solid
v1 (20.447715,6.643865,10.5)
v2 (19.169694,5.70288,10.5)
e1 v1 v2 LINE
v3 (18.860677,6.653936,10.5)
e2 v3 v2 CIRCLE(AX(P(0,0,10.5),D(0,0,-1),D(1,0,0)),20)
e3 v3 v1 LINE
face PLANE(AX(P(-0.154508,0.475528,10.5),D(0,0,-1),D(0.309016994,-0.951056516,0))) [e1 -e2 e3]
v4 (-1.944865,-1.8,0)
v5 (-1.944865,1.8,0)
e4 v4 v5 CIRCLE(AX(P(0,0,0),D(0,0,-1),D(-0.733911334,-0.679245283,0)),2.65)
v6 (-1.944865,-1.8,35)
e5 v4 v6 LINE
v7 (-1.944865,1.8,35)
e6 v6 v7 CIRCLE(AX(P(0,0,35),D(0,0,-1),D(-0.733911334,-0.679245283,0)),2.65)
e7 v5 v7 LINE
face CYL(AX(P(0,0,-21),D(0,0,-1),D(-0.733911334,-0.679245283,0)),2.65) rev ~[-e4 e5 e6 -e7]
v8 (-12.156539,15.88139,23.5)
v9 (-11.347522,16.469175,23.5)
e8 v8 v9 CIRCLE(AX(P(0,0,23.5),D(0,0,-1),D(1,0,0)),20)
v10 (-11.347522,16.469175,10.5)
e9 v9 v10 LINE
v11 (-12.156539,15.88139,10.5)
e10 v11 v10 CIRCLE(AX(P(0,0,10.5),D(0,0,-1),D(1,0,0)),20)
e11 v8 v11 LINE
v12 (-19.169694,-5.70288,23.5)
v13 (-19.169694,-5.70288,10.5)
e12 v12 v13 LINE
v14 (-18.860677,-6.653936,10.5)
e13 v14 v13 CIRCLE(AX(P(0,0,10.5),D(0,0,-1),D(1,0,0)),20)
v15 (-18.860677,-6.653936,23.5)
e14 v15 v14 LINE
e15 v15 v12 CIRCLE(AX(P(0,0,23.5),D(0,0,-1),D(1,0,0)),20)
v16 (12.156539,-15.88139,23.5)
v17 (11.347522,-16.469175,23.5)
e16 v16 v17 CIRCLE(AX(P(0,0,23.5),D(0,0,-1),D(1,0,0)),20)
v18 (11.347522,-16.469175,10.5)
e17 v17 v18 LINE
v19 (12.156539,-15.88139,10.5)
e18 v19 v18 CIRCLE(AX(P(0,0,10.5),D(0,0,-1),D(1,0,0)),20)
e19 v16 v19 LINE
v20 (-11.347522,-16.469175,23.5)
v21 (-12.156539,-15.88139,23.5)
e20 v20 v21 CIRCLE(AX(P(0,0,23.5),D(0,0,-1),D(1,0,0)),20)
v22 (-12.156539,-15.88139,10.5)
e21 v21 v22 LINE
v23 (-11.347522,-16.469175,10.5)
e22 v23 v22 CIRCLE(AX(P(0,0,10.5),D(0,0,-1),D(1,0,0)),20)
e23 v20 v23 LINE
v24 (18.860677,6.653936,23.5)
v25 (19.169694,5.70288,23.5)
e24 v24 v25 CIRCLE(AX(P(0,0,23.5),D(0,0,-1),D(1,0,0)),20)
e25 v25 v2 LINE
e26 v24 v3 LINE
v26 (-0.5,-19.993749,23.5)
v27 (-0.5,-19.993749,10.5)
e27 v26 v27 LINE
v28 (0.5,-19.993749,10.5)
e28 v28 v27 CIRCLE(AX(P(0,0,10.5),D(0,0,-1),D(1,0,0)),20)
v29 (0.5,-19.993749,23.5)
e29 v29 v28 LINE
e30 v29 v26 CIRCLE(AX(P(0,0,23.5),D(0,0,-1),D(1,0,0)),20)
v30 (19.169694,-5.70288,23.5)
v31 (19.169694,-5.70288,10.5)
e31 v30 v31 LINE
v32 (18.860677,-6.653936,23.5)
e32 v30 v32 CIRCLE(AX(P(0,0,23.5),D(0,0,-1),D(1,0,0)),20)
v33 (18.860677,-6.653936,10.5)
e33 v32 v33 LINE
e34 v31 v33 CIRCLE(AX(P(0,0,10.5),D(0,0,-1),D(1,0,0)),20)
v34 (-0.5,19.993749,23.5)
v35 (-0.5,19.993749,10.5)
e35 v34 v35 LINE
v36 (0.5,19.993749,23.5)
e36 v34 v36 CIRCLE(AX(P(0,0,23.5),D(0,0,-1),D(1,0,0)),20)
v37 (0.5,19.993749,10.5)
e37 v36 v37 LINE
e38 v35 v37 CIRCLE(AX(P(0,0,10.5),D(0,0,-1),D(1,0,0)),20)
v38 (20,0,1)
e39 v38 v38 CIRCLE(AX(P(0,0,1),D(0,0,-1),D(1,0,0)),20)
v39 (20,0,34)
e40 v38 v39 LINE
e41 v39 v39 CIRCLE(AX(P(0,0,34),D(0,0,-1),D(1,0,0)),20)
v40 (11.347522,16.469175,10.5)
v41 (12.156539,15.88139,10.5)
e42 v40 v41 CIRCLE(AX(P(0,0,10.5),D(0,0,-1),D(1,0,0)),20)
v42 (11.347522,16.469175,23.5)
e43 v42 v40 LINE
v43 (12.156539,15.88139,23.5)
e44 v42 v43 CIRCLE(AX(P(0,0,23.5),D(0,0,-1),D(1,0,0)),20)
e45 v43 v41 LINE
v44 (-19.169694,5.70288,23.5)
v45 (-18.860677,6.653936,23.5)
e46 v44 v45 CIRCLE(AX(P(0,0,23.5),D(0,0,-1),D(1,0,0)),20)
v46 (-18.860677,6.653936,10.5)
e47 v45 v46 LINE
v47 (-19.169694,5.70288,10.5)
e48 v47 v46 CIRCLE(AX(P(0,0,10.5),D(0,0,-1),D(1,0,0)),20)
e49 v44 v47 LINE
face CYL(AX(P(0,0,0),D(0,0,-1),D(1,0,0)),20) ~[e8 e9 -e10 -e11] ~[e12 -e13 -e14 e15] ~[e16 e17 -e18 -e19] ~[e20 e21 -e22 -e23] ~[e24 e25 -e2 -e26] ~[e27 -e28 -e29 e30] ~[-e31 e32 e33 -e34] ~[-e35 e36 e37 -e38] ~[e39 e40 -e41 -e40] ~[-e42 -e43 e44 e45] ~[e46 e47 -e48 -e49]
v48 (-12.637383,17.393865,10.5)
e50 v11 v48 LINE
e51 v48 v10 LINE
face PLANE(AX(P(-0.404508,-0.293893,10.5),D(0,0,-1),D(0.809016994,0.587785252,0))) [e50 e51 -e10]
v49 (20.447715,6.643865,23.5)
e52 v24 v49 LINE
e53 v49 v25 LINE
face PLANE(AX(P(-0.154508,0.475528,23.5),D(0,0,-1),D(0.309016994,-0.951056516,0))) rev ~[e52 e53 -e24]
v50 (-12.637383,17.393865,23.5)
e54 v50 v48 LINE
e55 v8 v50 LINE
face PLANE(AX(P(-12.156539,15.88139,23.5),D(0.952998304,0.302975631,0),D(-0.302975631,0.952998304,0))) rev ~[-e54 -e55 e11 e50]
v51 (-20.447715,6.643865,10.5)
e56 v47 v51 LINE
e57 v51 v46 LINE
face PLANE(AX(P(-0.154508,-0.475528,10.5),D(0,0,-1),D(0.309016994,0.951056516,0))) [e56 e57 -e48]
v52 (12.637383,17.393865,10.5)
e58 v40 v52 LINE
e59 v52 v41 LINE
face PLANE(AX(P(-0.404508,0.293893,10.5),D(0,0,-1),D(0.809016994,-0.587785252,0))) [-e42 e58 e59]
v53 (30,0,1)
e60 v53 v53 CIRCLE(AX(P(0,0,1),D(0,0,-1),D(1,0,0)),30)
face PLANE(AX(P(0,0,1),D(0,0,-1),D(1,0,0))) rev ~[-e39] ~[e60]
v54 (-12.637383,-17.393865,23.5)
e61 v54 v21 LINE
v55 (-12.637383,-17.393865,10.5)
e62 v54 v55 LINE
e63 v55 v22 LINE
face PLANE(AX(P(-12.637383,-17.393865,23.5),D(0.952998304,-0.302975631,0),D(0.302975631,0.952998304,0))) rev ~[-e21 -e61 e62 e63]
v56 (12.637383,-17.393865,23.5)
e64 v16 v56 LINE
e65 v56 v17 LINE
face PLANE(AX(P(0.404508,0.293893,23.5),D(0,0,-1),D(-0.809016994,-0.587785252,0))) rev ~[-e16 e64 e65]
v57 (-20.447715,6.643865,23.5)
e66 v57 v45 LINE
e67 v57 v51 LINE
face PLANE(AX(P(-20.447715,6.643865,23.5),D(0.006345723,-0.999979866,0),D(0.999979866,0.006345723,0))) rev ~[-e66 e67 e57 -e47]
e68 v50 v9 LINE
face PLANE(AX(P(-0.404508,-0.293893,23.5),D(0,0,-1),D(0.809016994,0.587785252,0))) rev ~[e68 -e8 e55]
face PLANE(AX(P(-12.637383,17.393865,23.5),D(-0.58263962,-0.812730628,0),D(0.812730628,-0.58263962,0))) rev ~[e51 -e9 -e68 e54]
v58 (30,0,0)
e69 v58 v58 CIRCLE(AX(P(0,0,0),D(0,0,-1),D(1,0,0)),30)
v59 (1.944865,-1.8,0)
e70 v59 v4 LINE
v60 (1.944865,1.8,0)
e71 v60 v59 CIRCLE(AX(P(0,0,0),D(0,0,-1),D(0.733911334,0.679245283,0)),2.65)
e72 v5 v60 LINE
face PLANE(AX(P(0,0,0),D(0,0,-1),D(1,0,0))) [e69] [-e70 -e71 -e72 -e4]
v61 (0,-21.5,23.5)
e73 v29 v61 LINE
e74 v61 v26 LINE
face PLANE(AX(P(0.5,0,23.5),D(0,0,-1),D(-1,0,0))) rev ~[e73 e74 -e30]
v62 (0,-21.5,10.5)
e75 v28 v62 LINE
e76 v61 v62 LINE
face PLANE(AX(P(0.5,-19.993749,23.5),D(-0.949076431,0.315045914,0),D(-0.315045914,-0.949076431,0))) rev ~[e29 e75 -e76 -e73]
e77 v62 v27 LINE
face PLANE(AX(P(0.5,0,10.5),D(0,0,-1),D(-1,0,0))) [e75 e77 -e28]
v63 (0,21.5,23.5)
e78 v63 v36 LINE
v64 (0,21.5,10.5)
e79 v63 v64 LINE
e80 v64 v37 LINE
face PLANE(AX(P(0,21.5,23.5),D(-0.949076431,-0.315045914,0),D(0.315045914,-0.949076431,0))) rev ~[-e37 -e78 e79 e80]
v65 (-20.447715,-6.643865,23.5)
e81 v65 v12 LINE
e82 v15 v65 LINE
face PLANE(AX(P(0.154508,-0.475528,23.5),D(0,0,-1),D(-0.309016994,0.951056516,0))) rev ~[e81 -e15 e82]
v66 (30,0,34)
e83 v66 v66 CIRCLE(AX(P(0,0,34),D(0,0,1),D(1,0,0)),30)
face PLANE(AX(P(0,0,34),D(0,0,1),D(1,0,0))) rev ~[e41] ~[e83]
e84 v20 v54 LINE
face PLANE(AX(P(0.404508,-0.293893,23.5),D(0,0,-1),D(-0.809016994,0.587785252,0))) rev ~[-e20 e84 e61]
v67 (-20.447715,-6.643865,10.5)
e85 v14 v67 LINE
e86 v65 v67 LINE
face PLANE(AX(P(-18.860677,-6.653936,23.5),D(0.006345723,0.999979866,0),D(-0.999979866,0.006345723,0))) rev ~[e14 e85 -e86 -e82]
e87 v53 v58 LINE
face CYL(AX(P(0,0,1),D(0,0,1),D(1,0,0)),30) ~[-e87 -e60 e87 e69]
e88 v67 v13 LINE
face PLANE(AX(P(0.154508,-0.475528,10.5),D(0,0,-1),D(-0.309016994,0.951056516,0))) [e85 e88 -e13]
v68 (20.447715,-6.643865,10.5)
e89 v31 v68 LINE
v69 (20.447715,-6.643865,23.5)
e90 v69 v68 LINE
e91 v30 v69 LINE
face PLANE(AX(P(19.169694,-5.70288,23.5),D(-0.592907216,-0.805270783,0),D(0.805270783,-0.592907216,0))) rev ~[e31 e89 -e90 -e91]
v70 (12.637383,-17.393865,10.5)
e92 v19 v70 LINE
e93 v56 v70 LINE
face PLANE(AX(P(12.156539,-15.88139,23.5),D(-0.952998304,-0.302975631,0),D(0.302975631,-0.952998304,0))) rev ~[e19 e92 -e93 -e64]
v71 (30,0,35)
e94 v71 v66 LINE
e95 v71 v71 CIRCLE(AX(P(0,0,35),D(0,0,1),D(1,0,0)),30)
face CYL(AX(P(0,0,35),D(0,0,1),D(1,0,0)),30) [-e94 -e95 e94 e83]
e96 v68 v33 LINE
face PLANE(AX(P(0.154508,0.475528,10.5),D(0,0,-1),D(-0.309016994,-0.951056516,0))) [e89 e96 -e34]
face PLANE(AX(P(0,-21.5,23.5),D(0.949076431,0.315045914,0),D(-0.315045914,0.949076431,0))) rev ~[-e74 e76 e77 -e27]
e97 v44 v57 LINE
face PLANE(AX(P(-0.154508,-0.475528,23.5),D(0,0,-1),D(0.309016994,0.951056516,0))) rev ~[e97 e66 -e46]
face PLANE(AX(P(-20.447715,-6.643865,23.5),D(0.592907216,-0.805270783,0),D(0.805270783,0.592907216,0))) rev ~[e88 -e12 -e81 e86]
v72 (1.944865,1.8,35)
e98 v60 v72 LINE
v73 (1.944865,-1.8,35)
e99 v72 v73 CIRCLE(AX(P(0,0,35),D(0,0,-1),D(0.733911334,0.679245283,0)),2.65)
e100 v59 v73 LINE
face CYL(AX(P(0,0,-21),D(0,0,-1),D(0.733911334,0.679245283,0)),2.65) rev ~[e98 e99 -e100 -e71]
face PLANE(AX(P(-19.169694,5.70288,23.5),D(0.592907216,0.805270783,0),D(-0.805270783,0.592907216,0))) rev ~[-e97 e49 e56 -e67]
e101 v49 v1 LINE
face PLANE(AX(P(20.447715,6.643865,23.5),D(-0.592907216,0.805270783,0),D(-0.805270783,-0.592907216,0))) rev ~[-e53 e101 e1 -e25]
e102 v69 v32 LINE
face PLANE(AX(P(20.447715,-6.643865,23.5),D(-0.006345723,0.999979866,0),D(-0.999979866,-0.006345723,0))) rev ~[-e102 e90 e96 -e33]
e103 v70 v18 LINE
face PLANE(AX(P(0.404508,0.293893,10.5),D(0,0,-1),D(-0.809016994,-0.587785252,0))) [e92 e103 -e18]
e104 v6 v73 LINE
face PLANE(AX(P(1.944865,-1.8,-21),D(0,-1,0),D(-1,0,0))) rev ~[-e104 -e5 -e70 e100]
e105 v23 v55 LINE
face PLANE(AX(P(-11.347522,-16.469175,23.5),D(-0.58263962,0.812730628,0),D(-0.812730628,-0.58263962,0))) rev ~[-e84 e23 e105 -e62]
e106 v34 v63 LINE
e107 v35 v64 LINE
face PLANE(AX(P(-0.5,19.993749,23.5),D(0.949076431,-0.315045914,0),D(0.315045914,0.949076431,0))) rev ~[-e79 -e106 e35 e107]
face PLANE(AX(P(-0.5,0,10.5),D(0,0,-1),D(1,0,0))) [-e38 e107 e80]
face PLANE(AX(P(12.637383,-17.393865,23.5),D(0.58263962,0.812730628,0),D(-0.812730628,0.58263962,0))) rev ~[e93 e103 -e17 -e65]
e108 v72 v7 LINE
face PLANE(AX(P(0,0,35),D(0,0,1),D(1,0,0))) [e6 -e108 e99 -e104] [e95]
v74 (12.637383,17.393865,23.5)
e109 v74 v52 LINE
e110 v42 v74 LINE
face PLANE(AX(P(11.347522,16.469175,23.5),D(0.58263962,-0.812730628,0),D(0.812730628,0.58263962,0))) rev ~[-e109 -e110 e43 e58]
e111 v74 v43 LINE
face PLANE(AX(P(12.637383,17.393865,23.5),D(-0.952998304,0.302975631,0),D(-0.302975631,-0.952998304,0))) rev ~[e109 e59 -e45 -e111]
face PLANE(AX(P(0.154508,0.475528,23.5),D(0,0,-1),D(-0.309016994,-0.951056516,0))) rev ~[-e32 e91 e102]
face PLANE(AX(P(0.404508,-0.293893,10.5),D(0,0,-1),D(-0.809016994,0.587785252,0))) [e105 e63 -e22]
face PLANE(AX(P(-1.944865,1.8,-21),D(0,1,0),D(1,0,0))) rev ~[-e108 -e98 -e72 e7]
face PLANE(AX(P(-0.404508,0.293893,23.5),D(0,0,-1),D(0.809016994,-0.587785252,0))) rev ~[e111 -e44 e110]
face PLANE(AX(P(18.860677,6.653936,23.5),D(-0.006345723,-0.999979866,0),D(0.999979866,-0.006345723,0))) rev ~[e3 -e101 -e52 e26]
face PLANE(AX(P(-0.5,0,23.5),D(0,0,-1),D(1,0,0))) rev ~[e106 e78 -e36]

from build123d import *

# Parameters (mm, degrees)
SKETCH_1_R               = 20
EXTRUDE_1_DEPTH          = 35
SKETCH_3_R               = 30
EXTRUDE_2_DEPTH          = 1
EXTRUDE_START            = -1
SKETCH_4_R               = 30
EXTRUDE_3_DEPTH          = 1
CUT_EXTRUDE_2_DEPTH      = 56
CUT_EXTRUDE_2_DEPTH_BACK = 56
SKETCH_5_W               = 1
SKETCH_5_H               = 13
EXTRUDE_4_DEPTH          = 21.5
CUT_EXTRUDE_3_REACH      = 50.5
PATTERN_CIRCULAR_2_COUNT = 10
CUT_EXTRUDE_5_DEPTH      = 56
CUT_EXTRUDE_5_DEPTH_BACK = 56


with BuildPart() as part:
    # Эскиз1 → Бобышка-Вытянуть1 (new body)
    with BuildSketch(Plane.XY):
        Circle(SKETCH_1_R)
    extrude(amount=EXTRUDE_1_DEPTH)

    # Эскиз3 → Бобышка-Вытянуть2 (add)
    with BuildSketch(Plane.XY.offset(35)):
        Circle(SKETCH_3_R)
    extrude(amount=-EXTRUDE_2_DEPTH)

    # Эскиз4 → Бобышка-Вытянуть3 (add)
    with BuildSketch(Plane(origin=(0, 0, 0), x_dir=(-1, 0, 0), z_dir=(0, 0, -1)).offset(EXTRUDE_START)):
        with Locations(Location((0, 0, 0), (0, 0, 180))):
            Circle(SKETCH_4_R)
    extrude(amount=EXTRUDE_3_DEPTH)

    # Эскиз2 → Вырез-Вытянуть2 (cut, two sides: drawn at the far end of the back side and taken through both)
    with BuildSketch(Plane.XY.offset(35).offset(-CUT_EXTRUDE_2_DEPTH_BACK)):
        with BuildLine():
            Line((-1.944865034, 1.8), (1.944865034, 1.8))
            ThreePointArc((1.944865034, 1.8), (2.65, 0), (1.944865034, -1.8))
            Line((1.944865034, -1.8), (-1.944865034, -1.8))
            ThreePointArc((-1.944865034, -1.8), (-2.65, 0), (-1.944865034, 1.8))
        make_face()
    extrude(amount=CUT_EXTRUDE_2_DEPTH + CUT_EXTRUDE_2_DEPTH_BACK, mode=Mode.SUBTRACT)

    # Эскиз5 → Бобышка-Вытянуть4 (add)
    with BuildSketch(Plane(origin=(0, 0, 0), x_dir=(1, 0, 0), z_dir=(0, 1, 0))):
        with Locations((0, -17)):
            Rectangle(SKETCH_5_W, SKETCH_5_H)
    extrude_4 = extrude(amount=EXTRUDE_4_DEPTH)

    # Эскиз6 → Вырез-Вытянуть3 (cut, up to next)
    with BuildSketch(Plane.XY.offset(23.5), mode=Mode.PRIVATE) as cut_extrude_3_sk1:
        Polygon((-0.5, 19.993749023), (0, 21.5), (-0.5, 21.5), align=None)
    cut_extrude_3_tool1 = extrude(cut_extrude_3_sk1.sketch, amount=-CUT_EXTRUDE_3_REACH, mode=Mode.PRIVATE) & part.part
    # Эскиз6 → Вырез-Вытянуть3 (cut, up to next)
    with BuildSketch(Plane.XY.offset(23.5), mode=Mode.PRIVATE) as cut_extrude_3_sk2:
        Polygon((0.5, 21.5), (0, 21.5), (0.5, 19.993749023), align=None)
    cut_extrude_3_tool2 = extrude(cut_extrude_3_sk2.sketch, amount=-CUT_EXTRUDE_3_REACH, mode=Mode.PRIVATE) & part.part
    cut_extrude_3_1 = cut_extrude_3_tool1.solids().sort_by_distance((-0.333333, 20.997916, 23.5))[0]
    add(cut_extrude_3_1, mode=Mode.SUBTRACT)
    cut_extrude_3_2 = cut_extrude_3_tool2.solids().sort_by_distance((0.333333, 20.997916, 23.5))[0]
    add(cut_extrude_3_2, mode=Mode.SUBTRACT)
    cut_extrude_3 = cut_extrude_3_1 + cut_extrude_3_2  # Вырез-Вытянуть3 as one shape, for the pattern or mirror that repeats it

    # Круговой массив2: Бобышка-Вытянуть4, Вырез-Вытянуть3 ×10 about axis
    pattern_circular_2_axis = Axis((0, 0, 0), (0, 0, 1))
    add([extrude_4.rotate(pattern_circular_2_axis, i * 360 / PATTERN_CIRCULAR_2_COUNT) for i in range(1, PATTERN_CIRCULAR_2_COUNT)])
    add([cut_extrude_3.rotate(pattern_circular_2_axis, i * 360 / PATTERN_CIRCULAR_2_COUNT) for i in range(1, PATTERN_CIRCULAR_2_COUNT)], mode=Mode.SUBTRACT)

    # Эскиз8 → Вырез-Вытянуть5 (cut, two sides: drawn at the far end of the back side and taken through both)
    with BuildSketch(Plane.XY.offset(35).offset(-CUT_EXTRUDE_5_DEPTH_BACK)):
        with BuildLine():
            ThreePointArc((-1.944865034, -1.8), (-2.65, 0), (-1.944865034, 1.8))
            Line((-1.944865034, 1.8), (1.944865034, 1.8))
            ThreePointArc((1.944865034, 1.8), (2.65, 0), (1.944865034, -1.8))
            Line((1.944865034, -1.8), (-1.944865034, -1.8))
        make_face()
    extrude(amount=CUT_EXTRUDE_5_DEPTH + CUT_EXTRUDE_5_DEPTH_BACK, mode=Mode.SUBTRACT)


solid = part.part
